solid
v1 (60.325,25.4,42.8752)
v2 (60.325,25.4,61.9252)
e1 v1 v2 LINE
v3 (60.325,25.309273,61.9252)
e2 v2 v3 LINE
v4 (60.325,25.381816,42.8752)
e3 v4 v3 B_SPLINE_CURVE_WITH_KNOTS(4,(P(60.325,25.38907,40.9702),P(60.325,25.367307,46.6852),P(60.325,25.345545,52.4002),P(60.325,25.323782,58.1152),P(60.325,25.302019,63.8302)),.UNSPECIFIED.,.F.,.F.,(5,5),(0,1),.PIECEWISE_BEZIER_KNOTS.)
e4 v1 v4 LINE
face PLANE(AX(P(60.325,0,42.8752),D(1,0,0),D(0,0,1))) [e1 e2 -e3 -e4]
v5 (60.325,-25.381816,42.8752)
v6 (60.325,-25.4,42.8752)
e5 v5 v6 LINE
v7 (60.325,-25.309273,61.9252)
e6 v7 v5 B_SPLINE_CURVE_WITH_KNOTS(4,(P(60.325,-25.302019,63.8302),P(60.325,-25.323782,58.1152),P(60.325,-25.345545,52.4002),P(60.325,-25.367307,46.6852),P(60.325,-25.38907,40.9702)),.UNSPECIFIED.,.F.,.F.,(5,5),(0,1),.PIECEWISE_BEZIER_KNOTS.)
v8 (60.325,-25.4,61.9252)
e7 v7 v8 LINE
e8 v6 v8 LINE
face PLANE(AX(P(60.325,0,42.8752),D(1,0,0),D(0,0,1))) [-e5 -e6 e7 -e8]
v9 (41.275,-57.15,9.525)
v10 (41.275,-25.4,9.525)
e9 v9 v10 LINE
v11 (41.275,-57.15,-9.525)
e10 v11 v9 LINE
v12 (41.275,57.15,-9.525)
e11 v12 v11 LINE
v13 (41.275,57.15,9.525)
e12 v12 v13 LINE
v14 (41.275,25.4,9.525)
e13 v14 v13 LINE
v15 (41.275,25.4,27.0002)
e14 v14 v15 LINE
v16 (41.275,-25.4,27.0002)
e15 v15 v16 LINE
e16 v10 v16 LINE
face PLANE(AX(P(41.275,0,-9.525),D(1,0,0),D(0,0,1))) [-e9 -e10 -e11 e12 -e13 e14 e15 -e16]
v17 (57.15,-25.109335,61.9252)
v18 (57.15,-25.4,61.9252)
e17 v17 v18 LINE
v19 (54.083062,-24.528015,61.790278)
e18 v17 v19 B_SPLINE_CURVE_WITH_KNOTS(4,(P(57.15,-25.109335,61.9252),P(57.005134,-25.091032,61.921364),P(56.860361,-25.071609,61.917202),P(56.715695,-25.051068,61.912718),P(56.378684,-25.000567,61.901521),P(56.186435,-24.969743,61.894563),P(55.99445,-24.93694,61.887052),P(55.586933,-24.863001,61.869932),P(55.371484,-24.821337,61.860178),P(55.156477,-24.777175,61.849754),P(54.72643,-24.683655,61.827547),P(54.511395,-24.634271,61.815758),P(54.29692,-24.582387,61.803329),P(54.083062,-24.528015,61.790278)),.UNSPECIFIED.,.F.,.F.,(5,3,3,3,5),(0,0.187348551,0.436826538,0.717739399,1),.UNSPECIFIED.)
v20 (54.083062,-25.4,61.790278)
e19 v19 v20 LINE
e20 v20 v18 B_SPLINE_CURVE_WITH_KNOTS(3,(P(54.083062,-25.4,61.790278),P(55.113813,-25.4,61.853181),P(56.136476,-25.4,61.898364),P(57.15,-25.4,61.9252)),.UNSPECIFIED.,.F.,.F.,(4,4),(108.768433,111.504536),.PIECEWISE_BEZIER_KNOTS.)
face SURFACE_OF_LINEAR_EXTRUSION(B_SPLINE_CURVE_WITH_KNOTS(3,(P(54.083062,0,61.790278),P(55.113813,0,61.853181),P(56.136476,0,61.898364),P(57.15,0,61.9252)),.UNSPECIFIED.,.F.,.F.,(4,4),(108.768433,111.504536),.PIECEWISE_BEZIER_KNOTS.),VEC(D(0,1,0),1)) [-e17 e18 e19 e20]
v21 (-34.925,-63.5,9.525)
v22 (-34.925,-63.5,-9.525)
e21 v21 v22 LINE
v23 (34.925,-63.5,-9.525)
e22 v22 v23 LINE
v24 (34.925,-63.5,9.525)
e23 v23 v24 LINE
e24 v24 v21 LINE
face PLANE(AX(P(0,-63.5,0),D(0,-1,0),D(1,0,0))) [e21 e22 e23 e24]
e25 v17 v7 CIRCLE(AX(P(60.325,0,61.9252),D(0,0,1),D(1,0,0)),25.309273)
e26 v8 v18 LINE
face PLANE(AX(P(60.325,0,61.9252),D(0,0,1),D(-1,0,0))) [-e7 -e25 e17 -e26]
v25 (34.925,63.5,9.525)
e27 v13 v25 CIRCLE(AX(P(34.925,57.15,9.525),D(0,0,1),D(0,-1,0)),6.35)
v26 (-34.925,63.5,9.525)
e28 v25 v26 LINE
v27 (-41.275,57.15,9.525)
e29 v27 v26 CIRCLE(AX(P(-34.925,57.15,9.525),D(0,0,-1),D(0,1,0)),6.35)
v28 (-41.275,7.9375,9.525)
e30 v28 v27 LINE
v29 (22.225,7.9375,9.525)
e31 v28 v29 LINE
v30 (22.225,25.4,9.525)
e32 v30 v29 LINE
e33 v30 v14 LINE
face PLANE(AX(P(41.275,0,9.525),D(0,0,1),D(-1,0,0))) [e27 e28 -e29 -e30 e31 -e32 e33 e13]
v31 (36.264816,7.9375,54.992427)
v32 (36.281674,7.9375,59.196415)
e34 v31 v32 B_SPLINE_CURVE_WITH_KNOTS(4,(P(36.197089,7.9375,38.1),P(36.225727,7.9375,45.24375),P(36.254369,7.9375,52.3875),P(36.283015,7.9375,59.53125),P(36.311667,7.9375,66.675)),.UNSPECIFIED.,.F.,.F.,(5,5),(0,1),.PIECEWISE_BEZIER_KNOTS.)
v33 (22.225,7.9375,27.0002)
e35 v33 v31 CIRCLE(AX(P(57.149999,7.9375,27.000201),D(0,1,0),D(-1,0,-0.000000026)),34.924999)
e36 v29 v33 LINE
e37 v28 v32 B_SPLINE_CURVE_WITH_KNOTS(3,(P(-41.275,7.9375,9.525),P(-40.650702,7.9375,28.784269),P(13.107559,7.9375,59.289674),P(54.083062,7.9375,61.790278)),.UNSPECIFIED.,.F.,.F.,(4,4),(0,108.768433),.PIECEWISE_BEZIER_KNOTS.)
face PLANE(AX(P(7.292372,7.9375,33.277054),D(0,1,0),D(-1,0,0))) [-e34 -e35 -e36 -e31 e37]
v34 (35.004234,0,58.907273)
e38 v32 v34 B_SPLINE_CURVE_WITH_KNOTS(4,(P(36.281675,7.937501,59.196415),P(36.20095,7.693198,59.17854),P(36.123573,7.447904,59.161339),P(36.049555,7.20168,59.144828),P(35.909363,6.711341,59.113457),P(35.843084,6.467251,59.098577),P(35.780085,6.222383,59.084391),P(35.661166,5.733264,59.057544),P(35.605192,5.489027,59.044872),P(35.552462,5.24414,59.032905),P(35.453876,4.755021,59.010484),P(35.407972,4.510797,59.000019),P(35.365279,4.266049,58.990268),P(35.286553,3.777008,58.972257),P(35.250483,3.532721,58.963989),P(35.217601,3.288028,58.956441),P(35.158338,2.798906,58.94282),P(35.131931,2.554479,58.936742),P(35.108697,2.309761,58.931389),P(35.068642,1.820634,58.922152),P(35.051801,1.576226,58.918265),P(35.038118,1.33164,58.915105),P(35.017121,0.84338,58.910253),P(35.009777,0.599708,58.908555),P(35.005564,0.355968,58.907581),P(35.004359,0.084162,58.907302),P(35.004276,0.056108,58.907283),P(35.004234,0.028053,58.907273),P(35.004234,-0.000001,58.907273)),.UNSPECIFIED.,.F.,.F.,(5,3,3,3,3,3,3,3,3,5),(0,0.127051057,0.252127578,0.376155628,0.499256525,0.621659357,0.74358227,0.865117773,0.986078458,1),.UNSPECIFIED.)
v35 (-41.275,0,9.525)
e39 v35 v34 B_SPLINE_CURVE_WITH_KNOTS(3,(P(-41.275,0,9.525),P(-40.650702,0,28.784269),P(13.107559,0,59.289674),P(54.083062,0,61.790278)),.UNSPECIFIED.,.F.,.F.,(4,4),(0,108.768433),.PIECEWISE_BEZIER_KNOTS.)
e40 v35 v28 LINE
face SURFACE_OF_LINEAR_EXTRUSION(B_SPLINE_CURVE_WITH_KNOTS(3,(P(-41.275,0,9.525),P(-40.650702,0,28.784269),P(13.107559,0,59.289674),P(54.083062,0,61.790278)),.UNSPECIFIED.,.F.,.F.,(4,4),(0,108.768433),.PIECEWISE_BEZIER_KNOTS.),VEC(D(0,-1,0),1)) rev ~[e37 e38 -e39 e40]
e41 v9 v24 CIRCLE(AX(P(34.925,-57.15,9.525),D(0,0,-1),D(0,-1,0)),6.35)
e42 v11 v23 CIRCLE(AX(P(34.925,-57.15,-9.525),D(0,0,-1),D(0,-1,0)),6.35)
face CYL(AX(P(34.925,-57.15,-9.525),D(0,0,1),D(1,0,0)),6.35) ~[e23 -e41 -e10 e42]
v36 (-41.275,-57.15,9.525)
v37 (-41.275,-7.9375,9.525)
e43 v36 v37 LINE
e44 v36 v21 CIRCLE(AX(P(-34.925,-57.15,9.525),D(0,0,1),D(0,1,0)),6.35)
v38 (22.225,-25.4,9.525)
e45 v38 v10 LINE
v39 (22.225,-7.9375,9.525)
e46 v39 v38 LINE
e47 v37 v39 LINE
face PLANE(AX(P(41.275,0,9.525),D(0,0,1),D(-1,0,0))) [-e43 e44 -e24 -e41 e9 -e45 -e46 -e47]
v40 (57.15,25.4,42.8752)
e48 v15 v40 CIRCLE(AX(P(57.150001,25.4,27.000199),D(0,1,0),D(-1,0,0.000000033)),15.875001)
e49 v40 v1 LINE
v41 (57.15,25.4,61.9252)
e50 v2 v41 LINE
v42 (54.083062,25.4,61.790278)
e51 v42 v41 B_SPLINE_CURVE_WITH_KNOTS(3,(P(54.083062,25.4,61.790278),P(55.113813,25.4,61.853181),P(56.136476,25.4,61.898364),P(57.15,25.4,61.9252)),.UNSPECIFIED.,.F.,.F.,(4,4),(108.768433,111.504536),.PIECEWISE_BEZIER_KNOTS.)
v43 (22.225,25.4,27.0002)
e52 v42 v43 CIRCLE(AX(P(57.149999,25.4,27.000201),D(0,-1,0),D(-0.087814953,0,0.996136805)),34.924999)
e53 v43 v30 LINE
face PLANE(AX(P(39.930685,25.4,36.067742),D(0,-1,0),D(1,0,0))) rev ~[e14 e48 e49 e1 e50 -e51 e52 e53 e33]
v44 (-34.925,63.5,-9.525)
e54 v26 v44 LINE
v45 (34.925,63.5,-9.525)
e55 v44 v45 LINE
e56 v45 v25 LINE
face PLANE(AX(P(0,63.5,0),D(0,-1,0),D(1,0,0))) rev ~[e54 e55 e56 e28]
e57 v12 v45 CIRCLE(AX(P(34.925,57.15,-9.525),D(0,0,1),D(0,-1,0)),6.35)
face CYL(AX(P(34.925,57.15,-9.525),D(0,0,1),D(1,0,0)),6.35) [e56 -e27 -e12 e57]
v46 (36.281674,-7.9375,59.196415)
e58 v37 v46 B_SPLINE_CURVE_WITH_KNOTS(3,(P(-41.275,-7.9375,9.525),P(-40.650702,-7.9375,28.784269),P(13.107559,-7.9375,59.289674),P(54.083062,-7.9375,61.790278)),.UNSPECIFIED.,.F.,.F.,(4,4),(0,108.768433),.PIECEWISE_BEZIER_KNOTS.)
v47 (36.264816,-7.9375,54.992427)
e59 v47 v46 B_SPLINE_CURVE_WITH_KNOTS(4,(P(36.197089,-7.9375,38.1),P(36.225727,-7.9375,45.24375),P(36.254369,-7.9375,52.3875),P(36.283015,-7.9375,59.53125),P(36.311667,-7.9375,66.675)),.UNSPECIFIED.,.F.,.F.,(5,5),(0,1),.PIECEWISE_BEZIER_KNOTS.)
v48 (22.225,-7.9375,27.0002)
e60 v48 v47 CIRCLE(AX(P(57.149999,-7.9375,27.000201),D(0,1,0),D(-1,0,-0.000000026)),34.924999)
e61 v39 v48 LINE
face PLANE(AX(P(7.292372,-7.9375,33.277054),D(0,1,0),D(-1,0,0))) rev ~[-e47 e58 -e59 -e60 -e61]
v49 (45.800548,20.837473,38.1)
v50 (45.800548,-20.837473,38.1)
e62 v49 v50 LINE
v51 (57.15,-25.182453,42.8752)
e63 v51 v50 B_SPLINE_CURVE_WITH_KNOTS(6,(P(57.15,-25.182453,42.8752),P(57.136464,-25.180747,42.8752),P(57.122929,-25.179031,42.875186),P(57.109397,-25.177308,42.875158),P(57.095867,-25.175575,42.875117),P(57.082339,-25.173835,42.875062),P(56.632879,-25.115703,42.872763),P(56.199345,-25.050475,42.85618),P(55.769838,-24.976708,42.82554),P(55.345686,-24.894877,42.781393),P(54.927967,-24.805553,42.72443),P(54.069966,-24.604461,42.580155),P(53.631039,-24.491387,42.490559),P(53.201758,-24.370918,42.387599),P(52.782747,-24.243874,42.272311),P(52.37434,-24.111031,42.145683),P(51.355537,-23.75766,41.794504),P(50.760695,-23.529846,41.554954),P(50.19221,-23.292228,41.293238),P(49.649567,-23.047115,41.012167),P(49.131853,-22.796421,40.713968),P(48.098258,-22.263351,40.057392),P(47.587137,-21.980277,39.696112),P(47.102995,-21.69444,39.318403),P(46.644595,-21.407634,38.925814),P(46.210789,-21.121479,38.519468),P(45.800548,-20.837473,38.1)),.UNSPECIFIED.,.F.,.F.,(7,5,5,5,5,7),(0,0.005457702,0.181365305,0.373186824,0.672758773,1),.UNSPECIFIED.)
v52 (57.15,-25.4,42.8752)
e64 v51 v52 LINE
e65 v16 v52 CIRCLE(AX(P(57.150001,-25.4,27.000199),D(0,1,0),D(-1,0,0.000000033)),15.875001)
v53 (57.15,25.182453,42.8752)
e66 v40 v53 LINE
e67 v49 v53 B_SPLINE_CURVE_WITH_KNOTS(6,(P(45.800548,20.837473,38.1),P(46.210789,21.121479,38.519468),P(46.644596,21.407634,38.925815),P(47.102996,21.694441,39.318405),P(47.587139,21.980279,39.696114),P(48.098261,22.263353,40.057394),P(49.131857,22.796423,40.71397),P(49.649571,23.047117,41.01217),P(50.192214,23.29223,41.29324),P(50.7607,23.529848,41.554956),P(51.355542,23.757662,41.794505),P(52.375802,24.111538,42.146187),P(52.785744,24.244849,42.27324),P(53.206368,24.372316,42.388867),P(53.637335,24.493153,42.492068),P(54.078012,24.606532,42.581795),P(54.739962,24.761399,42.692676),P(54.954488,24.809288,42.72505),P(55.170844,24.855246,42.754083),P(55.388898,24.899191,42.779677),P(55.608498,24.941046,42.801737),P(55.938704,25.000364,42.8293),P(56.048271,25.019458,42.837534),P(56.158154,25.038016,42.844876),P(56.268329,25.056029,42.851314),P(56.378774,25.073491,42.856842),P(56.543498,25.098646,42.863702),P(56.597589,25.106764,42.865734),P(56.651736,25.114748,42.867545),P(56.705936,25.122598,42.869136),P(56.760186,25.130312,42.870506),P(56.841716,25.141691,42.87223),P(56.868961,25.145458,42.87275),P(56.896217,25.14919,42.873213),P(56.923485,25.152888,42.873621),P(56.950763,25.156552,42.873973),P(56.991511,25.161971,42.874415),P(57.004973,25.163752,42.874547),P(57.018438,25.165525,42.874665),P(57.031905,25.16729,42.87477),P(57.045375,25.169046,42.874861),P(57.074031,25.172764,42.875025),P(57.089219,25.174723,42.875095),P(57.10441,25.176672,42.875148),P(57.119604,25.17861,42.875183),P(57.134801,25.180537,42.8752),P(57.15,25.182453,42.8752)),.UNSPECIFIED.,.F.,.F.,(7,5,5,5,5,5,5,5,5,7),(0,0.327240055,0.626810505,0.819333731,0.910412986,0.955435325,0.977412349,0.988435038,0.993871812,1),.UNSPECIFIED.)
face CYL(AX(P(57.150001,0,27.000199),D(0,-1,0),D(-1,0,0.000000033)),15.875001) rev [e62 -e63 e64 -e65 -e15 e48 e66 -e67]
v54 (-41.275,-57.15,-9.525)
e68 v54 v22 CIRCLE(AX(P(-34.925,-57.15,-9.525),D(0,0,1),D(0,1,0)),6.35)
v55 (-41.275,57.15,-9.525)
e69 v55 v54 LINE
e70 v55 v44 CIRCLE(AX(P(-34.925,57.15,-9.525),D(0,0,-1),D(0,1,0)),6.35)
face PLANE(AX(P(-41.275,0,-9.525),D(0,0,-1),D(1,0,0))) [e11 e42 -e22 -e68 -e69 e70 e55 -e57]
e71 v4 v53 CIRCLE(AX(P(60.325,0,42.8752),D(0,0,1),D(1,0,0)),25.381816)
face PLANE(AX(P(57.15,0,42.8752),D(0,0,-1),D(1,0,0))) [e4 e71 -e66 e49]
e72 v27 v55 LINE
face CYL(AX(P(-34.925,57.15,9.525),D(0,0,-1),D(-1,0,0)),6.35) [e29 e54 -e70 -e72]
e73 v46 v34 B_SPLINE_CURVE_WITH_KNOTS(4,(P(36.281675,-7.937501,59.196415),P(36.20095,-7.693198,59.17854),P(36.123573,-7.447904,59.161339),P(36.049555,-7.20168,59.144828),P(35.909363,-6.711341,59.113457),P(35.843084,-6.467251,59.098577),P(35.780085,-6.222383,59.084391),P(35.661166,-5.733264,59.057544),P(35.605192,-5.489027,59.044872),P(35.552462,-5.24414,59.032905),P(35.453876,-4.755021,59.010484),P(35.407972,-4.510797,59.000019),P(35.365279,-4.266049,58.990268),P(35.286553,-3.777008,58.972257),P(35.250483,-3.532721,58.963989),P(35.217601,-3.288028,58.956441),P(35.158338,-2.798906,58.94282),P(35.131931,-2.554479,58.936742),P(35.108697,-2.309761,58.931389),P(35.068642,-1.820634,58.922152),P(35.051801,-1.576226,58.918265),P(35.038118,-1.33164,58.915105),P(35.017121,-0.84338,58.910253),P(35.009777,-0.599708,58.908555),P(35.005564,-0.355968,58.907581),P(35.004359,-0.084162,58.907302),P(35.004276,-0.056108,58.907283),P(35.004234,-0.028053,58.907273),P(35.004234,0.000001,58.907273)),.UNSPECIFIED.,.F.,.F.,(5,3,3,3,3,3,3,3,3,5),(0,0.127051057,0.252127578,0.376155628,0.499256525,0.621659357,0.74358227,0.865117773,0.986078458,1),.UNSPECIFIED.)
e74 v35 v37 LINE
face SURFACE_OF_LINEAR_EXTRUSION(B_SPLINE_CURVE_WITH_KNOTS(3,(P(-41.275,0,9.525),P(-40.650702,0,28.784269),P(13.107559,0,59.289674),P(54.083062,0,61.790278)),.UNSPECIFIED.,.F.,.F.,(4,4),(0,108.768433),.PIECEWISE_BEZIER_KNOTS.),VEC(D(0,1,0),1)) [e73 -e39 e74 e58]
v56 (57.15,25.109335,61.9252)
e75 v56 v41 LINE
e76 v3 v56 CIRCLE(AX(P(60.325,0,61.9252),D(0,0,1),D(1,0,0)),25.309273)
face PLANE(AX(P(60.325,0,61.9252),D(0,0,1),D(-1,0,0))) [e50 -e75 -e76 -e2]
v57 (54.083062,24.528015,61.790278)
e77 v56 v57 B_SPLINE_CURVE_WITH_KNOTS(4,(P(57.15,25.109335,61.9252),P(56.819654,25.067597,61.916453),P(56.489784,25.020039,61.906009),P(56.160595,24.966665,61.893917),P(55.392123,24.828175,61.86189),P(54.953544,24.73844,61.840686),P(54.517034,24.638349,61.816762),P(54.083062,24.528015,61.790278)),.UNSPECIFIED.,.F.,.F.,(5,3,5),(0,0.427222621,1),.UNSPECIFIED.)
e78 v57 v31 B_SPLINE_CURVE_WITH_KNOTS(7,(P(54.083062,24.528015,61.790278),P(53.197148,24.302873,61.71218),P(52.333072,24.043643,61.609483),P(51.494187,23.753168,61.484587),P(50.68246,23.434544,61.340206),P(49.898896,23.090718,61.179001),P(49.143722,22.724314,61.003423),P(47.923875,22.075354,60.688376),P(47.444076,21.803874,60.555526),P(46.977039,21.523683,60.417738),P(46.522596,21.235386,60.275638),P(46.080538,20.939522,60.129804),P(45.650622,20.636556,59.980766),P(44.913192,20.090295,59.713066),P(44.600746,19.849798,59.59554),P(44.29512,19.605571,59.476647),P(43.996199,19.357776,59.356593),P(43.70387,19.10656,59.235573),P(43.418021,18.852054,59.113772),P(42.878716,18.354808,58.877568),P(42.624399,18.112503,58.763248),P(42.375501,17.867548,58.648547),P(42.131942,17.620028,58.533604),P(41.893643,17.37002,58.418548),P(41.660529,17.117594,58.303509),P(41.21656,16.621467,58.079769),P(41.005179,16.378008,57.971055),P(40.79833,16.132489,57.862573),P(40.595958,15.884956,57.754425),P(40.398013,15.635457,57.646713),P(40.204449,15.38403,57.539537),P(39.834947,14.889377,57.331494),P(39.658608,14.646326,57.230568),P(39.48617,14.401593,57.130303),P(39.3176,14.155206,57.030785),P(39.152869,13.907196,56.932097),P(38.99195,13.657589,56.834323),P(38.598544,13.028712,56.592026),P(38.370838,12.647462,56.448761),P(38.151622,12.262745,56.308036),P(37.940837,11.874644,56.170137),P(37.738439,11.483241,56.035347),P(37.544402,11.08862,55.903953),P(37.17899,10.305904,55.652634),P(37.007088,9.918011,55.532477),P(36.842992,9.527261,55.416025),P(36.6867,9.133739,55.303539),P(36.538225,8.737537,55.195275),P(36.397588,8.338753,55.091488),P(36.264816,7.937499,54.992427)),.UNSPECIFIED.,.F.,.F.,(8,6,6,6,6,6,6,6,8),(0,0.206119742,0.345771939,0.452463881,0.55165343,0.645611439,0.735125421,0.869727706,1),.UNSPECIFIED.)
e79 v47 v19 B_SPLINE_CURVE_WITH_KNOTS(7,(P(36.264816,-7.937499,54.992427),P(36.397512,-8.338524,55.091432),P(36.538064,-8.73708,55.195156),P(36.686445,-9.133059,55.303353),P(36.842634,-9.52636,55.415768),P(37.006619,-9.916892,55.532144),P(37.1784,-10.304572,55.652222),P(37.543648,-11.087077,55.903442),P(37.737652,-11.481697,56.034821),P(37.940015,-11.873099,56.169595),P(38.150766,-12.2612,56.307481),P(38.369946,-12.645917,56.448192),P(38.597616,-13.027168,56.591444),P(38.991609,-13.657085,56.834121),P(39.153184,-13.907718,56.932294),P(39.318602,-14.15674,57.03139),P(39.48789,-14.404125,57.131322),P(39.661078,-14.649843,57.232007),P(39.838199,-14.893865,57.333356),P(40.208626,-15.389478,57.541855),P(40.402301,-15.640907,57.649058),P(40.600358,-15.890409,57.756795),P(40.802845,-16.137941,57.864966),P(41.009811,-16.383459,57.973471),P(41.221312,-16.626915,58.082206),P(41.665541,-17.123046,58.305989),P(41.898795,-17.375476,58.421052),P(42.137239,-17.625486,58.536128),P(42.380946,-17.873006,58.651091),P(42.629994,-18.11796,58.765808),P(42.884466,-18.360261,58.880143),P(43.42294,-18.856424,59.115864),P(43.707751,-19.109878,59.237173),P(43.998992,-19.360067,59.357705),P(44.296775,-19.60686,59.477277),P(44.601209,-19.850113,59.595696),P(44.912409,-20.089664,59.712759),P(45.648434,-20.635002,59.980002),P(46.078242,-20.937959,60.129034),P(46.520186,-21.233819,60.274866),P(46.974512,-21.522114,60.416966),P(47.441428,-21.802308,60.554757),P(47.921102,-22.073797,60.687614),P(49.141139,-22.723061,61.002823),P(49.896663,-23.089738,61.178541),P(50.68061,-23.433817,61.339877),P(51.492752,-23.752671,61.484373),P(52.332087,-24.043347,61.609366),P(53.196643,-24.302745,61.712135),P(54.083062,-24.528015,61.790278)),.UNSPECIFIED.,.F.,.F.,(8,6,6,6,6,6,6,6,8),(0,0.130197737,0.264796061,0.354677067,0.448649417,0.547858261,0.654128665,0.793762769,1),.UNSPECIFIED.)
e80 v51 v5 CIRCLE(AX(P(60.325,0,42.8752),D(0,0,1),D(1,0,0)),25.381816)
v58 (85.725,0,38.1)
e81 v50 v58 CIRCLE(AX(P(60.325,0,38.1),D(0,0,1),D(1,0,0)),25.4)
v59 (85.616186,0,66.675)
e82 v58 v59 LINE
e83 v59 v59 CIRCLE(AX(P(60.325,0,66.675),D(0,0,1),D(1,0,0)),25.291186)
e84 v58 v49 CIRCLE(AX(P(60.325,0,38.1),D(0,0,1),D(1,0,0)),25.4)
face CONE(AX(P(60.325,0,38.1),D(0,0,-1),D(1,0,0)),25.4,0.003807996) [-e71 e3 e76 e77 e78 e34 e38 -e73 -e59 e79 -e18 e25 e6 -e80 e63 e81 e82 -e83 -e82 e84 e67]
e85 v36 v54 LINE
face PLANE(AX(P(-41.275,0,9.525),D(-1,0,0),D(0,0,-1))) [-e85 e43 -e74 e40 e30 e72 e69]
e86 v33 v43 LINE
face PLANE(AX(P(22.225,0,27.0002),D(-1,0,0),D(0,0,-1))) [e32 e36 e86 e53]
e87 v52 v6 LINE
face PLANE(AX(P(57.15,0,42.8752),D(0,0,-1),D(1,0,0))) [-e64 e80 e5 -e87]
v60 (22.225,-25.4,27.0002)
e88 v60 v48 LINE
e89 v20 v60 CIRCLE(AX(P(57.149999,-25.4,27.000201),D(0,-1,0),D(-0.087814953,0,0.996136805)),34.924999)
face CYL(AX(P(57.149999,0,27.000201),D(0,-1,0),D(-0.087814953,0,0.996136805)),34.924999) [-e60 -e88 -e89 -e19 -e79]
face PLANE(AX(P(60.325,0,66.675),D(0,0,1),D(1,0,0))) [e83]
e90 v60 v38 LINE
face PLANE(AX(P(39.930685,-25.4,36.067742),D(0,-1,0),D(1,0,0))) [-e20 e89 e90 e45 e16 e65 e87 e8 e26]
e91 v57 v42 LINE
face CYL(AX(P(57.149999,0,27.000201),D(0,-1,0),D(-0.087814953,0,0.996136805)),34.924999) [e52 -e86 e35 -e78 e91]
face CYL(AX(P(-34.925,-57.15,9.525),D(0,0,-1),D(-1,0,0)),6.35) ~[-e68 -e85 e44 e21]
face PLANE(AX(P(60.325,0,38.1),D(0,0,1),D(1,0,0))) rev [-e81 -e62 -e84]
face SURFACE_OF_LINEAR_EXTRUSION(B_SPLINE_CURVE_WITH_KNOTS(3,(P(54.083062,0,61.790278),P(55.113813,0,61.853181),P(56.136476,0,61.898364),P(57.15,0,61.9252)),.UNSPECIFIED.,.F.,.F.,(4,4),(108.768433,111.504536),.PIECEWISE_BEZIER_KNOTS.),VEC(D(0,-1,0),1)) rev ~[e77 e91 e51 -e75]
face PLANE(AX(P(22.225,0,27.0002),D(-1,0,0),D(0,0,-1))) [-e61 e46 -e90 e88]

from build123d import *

# Parameters (mm, degrees)
F1_DEPTH = 63.5
F2_DEPTH = 25.4
F3_DEPTH = 7.9375
F5_R     = 6.35


with BuildPart() as f1:
    # F0 (on Front) → F1 (new body, symmetric)
    with BuildSketch(Plane.XZ):
        Polygon((22.225, 9.525), (-41.275, 9.525), (-41.275, -9.525), (41.275, -9.525), (41.275, 9.525), align=None)
    extrude(amount=F1_DEPTH, both=True)

    # F0 (on Front) → F2 (join, symmetric)
    with BuildSketch(Plane.XZ):
        with BuildLine():
            Line((22.225, 27.0002), (22.225, 9.525))
            Line((22.225, 9.525), (41.275, 9.525))
            Line((41.275, 9.525), (41.275, 27.0002))
            ThreePointArc((41.275, 27.0002), (45.92468, 38.22552), (57.15, 42.8752))
            Line((57.15, 42.8752), (60.325, 42.8752))
            Line((60.325, 42.8752), (60.325, 61.9252))
            Line((60.325, 61.9252), (57.15, 61.9252))
            add(Edge.make_bspline(
                [(54.083062, 61.790278), (55.113813, 61.853181), (56.136476, 61.898364), (57.15, 61.9252)],
                knots=[108.768433, 108.768433, 108.768433, 108.768433, 111.504536, 111.504536, 111.504536, 111.504536], degree=3))
            ThreePointArc((54.083062, 61.790278), (31.392783, 50.586667), (22.225, 27.0002))
        make_face()
    extrude(amount=F2_DEPTH, both=True)

    # F0 (on Front) → F3 (join, symmetric)
    with BuildSketch(Plane.XZ):
        with BuildLine():
            add(Edge.make_bspline(
                [(-41.275, 9.525), (-40.650702, 28.784269), (13.107559, 59.289674), (54.083062, 61.790278)],
                knots=[0, 0, 0, 0, 108.768433, 108.768433, 108.768433, 108.768433], degree=3))
            Line((-41.275, 9.525), (22.225, 9.525))
            Line((22.225, 9.525), (22.225, 27.0002))
            ThreePointArc((22.225, 27.0002), (31.392783, 50.586667), (54.083062, 61.790278))
        make_face()
    extrude(amount=F3_DEPTH, both=True)

    # F0 (on Front) → F4 (revolve)
    with BuildSketch(Plane.XZ):
        Polygon((60.325, 66.675), (60.325, 61.9252), (60.325, 42.8752), (60.325, 38.1), (85.725, 38.1), (85.616186, 66.675), align=None)
    revolve(axis=Axis((60.325, 0, 52.3875), (0, 0, 1)))

    # F5
    f5_edges = [f1.edges().sort_by_distance(p)[0] for p in [
        (41.275, -63.5, 0),
        (-41.275, -63.5, 0),
        (41.275, 63.5, 0),
        (-41.275, 63.5, 0),
    ]]
    fillet(f5_edges, radius=F5_R)


solid = f1.part
